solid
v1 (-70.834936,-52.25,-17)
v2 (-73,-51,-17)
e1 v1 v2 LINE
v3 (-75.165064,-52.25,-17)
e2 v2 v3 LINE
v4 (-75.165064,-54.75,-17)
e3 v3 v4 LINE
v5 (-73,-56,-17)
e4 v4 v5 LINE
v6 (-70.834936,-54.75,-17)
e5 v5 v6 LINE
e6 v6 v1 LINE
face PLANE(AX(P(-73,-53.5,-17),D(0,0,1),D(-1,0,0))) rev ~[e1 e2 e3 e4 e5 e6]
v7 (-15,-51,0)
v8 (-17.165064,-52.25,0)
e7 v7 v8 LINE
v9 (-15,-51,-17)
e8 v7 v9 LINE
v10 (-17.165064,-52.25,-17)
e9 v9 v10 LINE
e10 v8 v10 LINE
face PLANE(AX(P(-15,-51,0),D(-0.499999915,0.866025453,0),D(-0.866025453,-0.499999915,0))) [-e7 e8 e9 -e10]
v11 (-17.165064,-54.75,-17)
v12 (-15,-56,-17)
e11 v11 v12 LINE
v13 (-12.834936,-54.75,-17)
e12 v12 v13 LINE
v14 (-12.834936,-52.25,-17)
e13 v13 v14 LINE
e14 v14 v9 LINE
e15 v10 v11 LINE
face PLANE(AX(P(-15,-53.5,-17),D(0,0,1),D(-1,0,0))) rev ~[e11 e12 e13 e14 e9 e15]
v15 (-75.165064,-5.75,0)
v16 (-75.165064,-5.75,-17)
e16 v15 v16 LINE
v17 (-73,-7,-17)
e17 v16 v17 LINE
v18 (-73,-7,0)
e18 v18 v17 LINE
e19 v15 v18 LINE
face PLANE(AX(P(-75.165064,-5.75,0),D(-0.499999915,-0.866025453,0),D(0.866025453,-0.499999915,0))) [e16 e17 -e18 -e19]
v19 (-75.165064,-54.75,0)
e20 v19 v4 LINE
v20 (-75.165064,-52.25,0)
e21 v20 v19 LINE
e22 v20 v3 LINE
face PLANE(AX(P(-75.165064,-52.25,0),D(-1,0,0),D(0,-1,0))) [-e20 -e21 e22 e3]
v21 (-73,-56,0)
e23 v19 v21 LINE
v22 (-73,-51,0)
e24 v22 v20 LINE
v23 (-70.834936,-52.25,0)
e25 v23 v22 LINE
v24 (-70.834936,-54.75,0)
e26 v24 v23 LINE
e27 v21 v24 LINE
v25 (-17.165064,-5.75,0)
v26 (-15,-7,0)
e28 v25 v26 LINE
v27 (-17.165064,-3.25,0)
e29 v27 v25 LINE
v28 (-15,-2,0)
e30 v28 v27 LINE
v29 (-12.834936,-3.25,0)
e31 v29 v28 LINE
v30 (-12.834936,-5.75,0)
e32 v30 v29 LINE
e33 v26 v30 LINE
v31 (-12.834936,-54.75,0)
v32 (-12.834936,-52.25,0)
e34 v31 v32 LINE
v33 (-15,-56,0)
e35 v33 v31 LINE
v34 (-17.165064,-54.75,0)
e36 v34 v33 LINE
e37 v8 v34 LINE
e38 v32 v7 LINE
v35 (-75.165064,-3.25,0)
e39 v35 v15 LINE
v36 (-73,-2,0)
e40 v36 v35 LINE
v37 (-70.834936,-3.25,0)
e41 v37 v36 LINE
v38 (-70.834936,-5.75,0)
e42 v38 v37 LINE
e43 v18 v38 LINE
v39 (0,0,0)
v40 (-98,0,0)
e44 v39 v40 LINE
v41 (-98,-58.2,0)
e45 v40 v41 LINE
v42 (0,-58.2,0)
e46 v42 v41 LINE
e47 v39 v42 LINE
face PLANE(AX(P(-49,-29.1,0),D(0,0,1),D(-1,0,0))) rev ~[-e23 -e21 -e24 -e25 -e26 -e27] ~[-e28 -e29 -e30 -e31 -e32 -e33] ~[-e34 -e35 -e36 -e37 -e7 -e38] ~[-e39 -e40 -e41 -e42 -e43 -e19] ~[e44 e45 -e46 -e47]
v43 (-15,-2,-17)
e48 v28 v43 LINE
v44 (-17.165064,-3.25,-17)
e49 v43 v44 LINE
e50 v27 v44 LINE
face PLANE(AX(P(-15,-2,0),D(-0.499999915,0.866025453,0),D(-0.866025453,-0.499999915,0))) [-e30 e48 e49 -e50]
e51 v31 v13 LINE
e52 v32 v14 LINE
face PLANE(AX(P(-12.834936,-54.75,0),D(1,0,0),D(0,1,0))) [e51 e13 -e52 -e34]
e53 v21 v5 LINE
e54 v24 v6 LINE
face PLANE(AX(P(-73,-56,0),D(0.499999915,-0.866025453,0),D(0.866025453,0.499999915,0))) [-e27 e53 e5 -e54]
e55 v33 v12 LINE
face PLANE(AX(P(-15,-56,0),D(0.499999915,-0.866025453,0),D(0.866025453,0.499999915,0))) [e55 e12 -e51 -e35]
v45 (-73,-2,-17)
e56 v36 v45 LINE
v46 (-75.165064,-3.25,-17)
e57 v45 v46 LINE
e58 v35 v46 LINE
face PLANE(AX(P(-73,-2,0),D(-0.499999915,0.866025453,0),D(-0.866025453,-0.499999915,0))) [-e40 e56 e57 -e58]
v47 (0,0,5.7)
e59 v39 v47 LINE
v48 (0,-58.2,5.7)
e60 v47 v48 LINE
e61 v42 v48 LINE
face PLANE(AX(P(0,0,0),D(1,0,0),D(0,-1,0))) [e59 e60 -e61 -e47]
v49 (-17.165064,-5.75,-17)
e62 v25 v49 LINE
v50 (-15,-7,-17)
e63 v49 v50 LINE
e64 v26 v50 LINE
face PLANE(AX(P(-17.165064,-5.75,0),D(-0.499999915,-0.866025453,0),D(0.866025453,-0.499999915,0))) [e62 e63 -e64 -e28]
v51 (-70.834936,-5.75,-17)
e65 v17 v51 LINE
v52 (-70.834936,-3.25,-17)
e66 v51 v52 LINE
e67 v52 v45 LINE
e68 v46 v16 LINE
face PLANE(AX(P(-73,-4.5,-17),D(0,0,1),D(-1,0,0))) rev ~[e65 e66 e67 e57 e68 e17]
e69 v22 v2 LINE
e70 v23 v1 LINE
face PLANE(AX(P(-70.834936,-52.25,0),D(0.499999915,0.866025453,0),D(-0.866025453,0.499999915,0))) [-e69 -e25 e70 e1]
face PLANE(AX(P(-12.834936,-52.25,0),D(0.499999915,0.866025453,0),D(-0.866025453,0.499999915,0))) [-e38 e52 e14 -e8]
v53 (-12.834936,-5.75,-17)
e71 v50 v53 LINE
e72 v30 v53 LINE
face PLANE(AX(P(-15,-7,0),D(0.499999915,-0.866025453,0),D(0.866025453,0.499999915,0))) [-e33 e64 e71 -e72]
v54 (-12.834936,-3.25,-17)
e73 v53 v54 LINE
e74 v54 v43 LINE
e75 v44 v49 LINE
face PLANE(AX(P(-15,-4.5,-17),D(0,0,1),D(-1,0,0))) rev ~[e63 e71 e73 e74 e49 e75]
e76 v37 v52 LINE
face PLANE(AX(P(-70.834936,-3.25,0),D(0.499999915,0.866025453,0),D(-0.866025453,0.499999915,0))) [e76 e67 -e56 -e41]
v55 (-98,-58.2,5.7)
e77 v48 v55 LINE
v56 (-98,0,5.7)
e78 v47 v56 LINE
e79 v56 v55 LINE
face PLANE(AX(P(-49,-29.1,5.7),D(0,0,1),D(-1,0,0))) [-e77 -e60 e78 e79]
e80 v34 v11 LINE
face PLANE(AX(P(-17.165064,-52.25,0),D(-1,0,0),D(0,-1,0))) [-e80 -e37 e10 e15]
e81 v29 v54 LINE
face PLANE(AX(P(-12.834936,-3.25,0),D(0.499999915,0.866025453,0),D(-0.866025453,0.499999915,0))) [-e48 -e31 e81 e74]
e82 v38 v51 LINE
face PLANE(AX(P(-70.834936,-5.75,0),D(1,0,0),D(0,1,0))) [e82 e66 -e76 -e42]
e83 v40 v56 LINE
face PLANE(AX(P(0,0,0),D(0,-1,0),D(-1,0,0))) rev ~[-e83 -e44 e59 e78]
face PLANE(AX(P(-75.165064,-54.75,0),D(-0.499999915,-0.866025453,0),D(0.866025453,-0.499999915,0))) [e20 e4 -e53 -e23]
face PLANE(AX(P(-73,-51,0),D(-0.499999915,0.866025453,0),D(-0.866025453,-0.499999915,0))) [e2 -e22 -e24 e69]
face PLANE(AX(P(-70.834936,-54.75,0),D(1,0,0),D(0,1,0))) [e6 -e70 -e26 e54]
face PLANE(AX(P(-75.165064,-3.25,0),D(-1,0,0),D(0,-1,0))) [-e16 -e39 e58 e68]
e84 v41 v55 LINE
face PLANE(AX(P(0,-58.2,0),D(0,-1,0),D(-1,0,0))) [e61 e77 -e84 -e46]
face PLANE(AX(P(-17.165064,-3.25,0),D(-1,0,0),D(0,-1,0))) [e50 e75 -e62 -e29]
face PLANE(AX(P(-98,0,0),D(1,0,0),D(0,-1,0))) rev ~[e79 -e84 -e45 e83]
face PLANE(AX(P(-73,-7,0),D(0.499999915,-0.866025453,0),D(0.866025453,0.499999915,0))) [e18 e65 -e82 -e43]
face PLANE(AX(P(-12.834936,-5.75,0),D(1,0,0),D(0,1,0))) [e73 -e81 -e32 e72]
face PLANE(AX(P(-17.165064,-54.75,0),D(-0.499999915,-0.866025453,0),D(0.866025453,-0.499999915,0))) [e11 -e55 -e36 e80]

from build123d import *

# Parameters (mm, degrees)
SKETCH_W             = 98
SKETCH_H             = 58.2
PAD_DEPTH            = 5.7
PAD001_DEPTH         = 17
BODY_PLACEMENT_ANGLE = 180


with BuildPart() as part:
    # Sketch → Pad (new body)
    with BuildSketch(Plane.XY):
        with Locations((49, 29.1)):
            Rectangle(SKETCH_W, SKETCH_H)
    extrude(amount=PAD_DEPTH)

    # Sketch001 → Pad001 (join)
    with BuildSketch(Plane.XY):
        Polygon((75.165064, 54.75), (73, 56), (70.834936, 54.75), (70.834936, 52.25), (73, 51), (75.165064, 52.25), align=None)
        Polygon((12.834936, 54.75), (12.834936, 52.25), (15, 51), (17.165064, 52.25), (17.165064, 54.75), (15, 56), align=None)
        Polygon((12.834936, 5.75), (12.834936, 3.25), (15, 2), (17.165064, 3.25), (17.165064, 5.75), (15, 7), align=None)
        Polygon((70.834936, 5.75), (70.834936, 3.25), (73, 2), (75.165064, 3.25), (75.165064, 5.75), (73, 7), align=None)
    extrude(amount=-PAD001_DEPTH)


with BuildPart() as part_1:
    # Body placement: moved
    add(part.part.rotate(Axis((0, 0, 0), (0, 0, 1)), BODY_PLACEMENT_ANGLE))


solid = part_1.part
